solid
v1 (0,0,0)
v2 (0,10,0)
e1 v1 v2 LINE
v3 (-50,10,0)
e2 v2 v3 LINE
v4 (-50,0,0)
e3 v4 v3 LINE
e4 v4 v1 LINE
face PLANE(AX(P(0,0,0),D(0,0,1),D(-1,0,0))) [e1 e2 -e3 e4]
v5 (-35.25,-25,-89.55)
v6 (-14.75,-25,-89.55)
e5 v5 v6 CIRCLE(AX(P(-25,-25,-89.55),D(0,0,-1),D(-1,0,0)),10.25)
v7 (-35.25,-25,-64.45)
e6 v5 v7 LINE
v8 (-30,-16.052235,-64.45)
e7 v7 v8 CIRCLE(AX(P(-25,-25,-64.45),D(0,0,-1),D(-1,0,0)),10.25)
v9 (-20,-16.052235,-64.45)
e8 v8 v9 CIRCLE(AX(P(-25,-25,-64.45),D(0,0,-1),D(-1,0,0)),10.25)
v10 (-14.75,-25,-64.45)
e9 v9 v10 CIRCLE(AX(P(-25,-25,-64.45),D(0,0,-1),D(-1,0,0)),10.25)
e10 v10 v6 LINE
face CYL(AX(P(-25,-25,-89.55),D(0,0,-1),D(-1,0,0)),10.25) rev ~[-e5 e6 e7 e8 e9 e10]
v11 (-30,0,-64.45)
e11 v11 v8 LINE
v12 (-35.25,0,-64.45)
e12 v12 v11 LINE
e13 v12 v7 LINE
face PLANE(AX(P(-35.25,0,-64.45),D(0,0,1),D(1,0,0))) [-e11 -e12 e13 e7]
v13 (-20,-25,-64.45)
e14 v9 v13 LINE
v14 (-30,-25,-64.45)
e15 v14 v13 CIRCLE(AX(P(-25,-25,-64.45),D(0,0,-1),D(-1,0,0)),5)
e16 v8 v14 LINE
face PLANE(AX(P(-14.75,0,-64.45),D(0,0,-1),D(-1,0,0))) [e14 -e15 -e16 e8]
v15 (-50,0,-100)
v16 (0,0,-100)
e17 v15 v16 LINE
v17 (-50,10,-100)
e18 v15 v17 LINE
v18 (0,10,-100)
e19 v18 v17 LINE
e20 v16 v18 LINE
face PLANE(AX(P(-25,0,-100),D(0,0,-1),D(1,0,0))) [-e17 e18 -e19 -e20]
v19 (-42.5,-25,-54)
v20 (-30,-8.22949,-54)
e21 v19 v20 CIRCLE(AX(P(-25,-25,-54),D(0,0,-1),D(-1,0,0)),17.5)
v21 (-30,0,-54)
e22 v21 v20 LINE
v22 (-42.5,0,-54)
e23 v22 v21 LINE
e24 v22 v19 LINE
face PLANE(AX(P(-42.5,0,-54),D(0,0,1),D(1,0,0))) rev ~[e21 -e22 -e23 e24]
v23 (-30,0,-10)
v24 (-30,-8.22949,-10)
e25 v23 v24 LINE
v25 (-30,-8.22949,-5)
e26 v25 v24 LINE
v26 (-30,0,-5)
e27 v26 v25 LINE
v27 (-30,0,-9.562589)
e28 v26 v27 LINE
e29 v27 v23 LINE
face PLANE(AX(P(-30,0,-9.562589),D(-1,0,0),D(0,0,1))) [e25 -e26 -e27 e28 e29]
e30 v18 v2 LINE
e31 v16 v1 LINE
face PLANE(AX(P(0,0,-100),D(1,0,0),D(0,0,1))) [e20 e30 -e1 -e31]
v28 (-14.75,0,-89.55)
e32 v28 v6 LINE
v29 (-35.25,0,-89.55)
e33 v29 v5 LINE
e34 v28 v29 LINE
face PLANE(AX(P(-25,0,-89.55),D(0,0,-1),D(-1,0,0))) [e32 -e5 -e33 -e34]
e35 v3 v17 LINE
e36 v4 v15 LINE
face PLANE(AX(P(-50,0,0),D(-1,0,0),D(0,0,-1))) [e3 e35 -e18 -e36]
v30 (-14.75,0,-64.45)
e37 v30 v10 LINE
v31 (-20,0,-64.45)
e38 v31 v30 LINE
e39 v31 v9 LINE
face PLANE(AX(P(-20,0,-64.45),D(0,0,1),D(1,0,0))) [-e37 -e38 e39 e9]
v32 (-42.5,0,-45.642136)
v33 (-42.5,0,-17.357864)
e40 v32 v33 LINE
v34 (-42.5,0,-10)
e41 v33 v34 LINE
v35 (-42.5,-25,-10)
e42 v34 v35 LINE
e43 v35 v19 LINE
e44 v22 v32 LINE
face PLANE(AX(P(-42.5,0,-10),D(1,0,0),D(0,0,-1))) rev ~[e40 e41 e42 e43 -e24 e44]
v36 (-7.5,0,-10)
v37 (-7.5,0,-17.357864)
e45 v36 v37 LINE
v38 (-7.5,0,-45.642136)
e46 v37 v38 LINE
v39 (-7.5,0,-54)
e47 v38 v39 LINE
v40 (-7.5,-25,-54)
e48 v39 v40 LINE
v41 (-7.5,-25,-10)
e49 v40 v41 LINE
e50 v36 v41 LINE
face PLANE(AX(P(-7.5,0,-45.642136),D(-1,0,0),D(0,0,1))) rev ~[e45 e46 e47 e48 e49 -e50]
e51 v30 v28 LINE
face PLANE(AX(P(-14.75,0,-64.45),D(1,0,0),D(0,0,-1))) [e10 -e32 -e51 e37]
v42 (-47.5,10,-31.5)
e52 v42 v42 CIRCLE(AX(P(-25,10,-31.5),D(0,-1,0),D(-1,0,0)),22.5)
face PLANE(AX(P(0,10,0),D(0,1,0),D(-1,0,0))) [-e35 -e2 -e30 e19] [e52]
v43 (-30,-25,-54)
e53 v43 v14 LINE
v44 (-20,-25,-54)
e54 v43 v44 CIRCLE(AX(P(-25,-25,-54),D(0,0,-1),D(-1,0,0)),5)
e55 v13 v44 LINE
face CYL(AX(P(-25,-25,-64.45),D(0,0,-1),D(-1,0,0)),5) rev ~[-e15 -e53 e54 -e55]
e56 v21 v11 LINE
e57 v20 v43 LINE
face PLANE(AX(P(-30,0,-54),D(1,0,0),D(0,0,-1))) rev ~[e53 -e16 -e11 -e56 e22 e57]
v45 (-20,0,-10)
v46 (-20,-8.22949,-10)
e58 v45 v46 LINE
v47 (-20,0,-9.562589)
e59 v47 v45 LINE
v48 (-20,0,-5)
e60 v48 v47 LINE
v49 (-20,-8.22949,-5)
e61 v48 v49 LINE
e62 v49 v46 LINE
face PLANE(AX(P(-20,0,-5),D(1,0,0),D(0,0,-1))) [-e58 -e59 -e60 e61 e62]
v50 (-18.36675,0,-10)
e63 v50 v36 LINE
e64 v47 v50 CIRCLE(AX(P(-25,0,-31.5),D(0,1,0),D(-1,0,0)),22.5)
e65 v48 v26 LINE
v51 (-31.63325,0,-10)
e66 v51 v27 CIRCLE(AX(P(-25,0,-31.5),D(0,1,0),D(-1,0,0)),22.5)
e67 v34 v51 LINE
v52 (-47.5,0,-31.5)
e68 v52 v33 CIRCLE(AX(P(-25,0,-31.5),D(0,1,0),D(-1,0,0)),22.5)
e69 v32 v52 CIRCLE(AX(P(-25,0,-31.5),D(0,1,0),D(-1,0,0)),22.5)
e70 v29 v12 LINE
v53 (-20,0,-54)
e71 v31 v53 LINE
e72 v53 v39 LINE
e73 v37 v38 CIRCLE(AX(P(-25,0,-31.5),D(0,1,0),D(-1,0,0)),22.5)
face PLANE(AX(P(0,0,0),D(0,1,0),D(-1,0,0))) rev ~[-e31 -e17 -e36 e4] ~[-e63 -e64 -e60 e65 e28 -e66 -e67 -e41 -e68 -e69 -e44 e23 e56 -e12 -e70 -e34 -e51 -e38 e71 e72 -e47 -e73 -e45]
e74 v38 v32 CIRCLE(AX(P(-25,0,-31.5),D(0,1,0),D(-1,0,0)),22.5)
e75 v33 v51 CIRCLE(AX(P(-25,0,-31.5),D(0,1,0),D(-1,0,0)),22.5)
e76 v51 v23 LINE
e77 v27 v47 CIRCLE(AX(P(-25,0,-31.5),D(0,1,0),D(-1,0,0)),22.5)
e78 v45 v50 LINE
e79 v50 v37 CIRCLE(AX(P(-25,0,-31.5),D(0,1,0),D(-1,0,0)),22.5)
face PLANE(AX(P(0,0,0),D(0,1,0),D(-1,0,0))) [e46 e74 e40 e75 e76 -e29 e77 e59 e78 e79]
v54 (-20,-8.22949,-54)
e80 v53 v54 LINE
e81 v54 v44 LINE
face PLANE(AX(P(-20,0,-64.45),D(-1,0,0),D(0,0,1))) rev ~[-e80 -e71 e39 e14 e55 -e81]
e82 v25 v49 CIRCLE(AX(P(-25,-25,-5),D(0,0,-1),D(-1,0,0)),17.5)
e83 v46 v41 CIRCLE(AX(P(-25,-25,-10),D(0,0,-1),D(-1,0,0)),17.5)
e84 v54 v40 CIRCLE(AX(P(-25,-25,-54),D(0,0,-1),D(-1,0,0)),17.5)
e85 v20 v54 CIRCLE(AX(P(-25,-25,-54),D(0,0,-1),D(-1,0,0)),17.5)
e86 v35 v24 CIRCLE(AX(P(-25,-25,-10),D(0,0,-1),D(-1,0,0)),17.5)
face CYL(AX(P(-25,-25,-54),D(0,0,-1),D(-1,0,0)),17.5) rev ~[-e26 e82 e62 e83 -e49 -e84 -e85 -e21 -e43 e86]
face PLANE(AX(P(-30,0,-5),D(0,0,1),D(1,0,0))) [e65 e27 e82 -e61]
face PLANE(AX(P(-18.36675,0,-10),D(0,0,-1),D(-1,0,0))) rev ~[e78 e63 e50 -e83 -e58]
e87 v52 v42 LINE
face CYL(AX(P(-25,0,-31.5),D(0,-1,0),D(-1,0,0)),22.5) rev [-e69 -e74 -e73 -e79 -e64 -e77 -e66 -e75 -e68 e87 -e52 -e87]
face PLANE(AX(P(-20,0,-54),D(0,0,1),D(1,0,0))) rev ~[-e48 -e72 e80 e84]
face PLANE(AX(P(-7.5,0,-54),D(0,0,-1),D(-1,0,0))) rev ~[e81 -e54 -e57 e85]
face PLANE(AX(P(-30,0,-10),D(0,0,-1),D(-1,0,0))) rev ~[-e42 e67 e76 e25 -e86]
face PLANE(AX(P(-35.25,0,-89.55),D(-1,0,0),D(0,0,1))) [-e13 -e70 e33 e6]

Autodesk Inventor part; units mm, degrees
ref_plane "YZ Plane" through (0, 0, 0) normal (1, 0, 0) x (0, 1, 0)
ref_plane "XZ Plane" through (0, 0, 0) normal (0, 1, 0) x (-1, 0, 0)
ref_plane "XY Plane" through (0, 0, 0) normal (0, 0, 1) x (1, 0, 0)
sketch "Sketch1" plane through (0, 0, 0) normal (0, 1, 0) x (-1, 0, 0)
  line L0 (0, 0) -> (50, 0)
  line L1 (50, 0) -> (50, -100)
  line L2 (50, -100) -> (0, -100)
  line L3 (0, -100) -> (0, 0)
  line L4 (25, 0) -> (25, -100)
  line L5 (7.5, -54) -> (7.5, -10)
  line L6 (7.5, -10) -> (42.5, -10)
  line L7 (42.5, -10) -> (42.5, -54)
  line L8 (42.5, -54) -> (7.5, -54)
  line L9 (7.5, -54) -> (42.5, -10) construction
  line L10 (7.5, -10) -> (42.5, -54) construction
  line L11 (7.5, -54) -> (51.5, -54) construction
  line L12 (14.75, -64.45) -> (14.75, -89.55)
  line L13 (14.75, -89.55) -> (35.25, -89.55)
  line L14 (35.25, -89.55) -> (35.25, -64.45)
  line L15 (35.25, -64.45) -> (14.75, -64.45)
  line L16 (14.75, -64.45) -> (35.25, -89.55) construction
  line L17 (14.75, -89.55) -> (35.25, -64.45) construction
  line L18 (14.75, -64.45) -> (39.85, -64.45) construction
  line L19 (25, -10) -> (25, -15)
  line L20 (25, -10) -> (30, -10) construction
  line L21 (20, -20) -> (30, -20)
  line L22 (30, -20) -> (30, -10)
  line L23 (30, -10) -> (20, -10)
  line L24 (20, -10) -> (20, -20)
  line L25 (20, -20) -> (30, -10) construction
  line L26 (30, -20) -> (20, -10) construction
  line L27 (20, -20) -> (30, -20) construction
  line L28 (30, -15) -> (20, -15)
  line L29 (20, -10) -> (30, -10)
  line L30 (30, -10) -> (30, -5)
  line L31 (30, -5) -> (20, -5)
  line L32 (20, -5) -> (20, -10)
  line L33 (25, -54) -> (25, -64.45)
  line L34 (30, -54) -> (30, -64.45)
  line L35 (30, -64.45) -> (20, -64.45)
  line L36 (20, -64.45) -> (20, -54)
  line L37 (20, -54) -> (30, -54)
  line L38 (30, -54) -> (20, -64.45) construction
  line L39 (30, -64.45) -> (20, -54) construction
  circle A0 centre (25, -31.5) radius 22.5
  point P0 (25, -32)
  point P1 (25, -77)
  point P2 (25, -77)
  point P3 (25, -59.225)
  dimension "d36" = 45
  dimension "d0" = 50
  dimension "d1" = 100
  dimension "d2" = 44
  dimension "d3" = 90
  dimension "d4" = 35
  dimension "d5" = 10
  dimension "d6" = 25.1
  dimension "d7" = 90
  dimension "d8" = 20.5
  dimension "d9" = 5
  dimension "d10" = 90
  dimension "d11" = 0
  dimension "d23" = 10
  dimension "d24" = 5
  dimension "d25" = 10
extrude "Extrusion1" add sketch "Sketch1" along normal blind 10
ref_plane "Work Plane1" through (-14.75, 0, -89.55) normal (0, 0, -1) x (-1, 0, 0)
ref_plane "Work Plane2" through (-14.75, 0, -64.45) normal (0, 0, -1) x (-1, 0, 0)
ref_plane "Work Plane3" through (-7.5, 0, -54) normal (0, 0, -1) x (-1, 0, 0)
ref_plane "Work Plane4" through (-7.5, 0, -10) normal (0, 0, -1) x (-1, 0, 0)
sketch "Sketch2" plane through (-14.75, 0, -89.55) normal (0, 0, -1) x (-1, 0, 0)
  line L0 (-14.75, 0) -> (35.25, 0) projected
  line L1 (35.25, 0) -> (35.25, 10) projected
  line L2 (-14.75, 10) -> (35.25, 10) projected
  line L3 (-14.75, 0) -> (-14.75, 10) projected
  line L4 (-14.75, 0) -> (35.25, 0)
  line L5 (35.25, 0) -> (35.25, -50)
  line L6 (35.25, -50) -> (-14.75, -50)
  line L7 (-14.75, -50) -> (-14.75, 0)
  line L8 (0, 0) -> (20.5, 0) projected
  circle A0 centre (10.25, -25) radius 10.25
  dimension "d14" = 50
  dimension "d15" = 50
  dimension "d16" = 20.5
sketch "Sketch3" plane through (-7.5, 0, -54) normal (0, 0, -1) x (-1, 0, 0)
  line L0 (42.5, 0) -> (-7.5, 0) projected
  line L1 (-7.5, 0) -> (-7.5, 10) projected
  line L2 (42.5, 10) -> (-7.5, 10) projected
  line L3 (42.5, 0) -> (42.5, 10) projected
  line L4 (-7.5, 0) -> (42.5, 0)
  line L5 (42.5, 0) -> (42.5, -50)
  line L6 (42.5, -50) -> (-7.5, -50)
  line L7 (-7.5, -50) -> (-7.5, 0)
  line L8 (0, 0) -> (35, 0) projected
  circle A0 centre (17.5, -25) radius 17.5
  dimension "d17" = 50
  dimension "d18" = 50
  dimension "d19" = 35
sketch "Sketch4" plane through (-14.75, 0, -64.45) normal (0, 0, -1) x (-1, 0, 0)
  line L0 (35.25, 0) -> (-14.75, 0) projected
  line L1 (-14.75, 0) -> (-14.75, 10) projected
  line L2 (35.25, 10) -> (-14.75, 10) projected
  line L3 (35.25, 0) -> (35.25, 10) projected
  line L4 (-14.75, 0) -> (35.25, 0)
  line L5 (35.25, 0) -> (35.25, -50)
  line L6 (35.25, -50) -> (-14.75, -50)
  line L7 (-14.75, -50) -> (-14.75, 0)
  circle A0 centre (10.25, -25) radius 5
  dimension "d20" = 50
  dimension "d21" = 50
  dimension "d22" = 10
ref_plane "Work Plane5" through (-25, -25, -89.55) normal (0, -1, 0) x (1, 0, 0)
extrude "Extrusion2" add sketch "Sketch1" against normal up to surface (25 mm away) contours L31 L30 A0 L4 | L4 A0 L32 L31 | A0 L30 L6 L4 | L4 L6 L32 A0 | L13 L12 L15 L4 | L4 L15 L14 L13 | L6 L22 L28 L4 | L4 L28 L24 L6 | L15 L36 L8 L4 | L4 L8 L34 L15 | L28 L22 L21 L4 | L4 L21 L24 L28 | L24 L21 L4 A0 L5 L6 | L6 A0 L7 L4 L21 L22 | L6 L7 A0 | A0 L5 L6 | A0 L7 L8 | L8 L5 A0
extrude "Extrusion3" cut sketch "Sketch2" against normal up to surface (25.1 mm away) contours A0
ref_plane "Work Plane6" through (-30, -25, -5) normal (0, 0, 1) x (1, 0, 0)
extrude "Extrusion4" cut sketch "Sketch4" against normal up to surface (59.45 mm away) contours A0
extrude "Extrusion5" cut sketch "Sketch3" against normal up to surface (49 mm away) contours A0
extrude "Extrusion6" cut sketch "Sketch1" along normal up to surface (10 mm away) contours A0 L30 L6 L4 | L4 L6 L32 A0 | L6 L22 L28 L4 | L4 L28 L24 L6 | A0 L6 L30 | L32 L6 A0 | L28 L22 L21 L4 | L4 L21 L24 L28 | L24 L21 L4 A0 L5 L6 | L6 A0 L7 L4 L21 L22 | A0 L7 | L5 A0
properties part number "dcmotor_housing_lid"
